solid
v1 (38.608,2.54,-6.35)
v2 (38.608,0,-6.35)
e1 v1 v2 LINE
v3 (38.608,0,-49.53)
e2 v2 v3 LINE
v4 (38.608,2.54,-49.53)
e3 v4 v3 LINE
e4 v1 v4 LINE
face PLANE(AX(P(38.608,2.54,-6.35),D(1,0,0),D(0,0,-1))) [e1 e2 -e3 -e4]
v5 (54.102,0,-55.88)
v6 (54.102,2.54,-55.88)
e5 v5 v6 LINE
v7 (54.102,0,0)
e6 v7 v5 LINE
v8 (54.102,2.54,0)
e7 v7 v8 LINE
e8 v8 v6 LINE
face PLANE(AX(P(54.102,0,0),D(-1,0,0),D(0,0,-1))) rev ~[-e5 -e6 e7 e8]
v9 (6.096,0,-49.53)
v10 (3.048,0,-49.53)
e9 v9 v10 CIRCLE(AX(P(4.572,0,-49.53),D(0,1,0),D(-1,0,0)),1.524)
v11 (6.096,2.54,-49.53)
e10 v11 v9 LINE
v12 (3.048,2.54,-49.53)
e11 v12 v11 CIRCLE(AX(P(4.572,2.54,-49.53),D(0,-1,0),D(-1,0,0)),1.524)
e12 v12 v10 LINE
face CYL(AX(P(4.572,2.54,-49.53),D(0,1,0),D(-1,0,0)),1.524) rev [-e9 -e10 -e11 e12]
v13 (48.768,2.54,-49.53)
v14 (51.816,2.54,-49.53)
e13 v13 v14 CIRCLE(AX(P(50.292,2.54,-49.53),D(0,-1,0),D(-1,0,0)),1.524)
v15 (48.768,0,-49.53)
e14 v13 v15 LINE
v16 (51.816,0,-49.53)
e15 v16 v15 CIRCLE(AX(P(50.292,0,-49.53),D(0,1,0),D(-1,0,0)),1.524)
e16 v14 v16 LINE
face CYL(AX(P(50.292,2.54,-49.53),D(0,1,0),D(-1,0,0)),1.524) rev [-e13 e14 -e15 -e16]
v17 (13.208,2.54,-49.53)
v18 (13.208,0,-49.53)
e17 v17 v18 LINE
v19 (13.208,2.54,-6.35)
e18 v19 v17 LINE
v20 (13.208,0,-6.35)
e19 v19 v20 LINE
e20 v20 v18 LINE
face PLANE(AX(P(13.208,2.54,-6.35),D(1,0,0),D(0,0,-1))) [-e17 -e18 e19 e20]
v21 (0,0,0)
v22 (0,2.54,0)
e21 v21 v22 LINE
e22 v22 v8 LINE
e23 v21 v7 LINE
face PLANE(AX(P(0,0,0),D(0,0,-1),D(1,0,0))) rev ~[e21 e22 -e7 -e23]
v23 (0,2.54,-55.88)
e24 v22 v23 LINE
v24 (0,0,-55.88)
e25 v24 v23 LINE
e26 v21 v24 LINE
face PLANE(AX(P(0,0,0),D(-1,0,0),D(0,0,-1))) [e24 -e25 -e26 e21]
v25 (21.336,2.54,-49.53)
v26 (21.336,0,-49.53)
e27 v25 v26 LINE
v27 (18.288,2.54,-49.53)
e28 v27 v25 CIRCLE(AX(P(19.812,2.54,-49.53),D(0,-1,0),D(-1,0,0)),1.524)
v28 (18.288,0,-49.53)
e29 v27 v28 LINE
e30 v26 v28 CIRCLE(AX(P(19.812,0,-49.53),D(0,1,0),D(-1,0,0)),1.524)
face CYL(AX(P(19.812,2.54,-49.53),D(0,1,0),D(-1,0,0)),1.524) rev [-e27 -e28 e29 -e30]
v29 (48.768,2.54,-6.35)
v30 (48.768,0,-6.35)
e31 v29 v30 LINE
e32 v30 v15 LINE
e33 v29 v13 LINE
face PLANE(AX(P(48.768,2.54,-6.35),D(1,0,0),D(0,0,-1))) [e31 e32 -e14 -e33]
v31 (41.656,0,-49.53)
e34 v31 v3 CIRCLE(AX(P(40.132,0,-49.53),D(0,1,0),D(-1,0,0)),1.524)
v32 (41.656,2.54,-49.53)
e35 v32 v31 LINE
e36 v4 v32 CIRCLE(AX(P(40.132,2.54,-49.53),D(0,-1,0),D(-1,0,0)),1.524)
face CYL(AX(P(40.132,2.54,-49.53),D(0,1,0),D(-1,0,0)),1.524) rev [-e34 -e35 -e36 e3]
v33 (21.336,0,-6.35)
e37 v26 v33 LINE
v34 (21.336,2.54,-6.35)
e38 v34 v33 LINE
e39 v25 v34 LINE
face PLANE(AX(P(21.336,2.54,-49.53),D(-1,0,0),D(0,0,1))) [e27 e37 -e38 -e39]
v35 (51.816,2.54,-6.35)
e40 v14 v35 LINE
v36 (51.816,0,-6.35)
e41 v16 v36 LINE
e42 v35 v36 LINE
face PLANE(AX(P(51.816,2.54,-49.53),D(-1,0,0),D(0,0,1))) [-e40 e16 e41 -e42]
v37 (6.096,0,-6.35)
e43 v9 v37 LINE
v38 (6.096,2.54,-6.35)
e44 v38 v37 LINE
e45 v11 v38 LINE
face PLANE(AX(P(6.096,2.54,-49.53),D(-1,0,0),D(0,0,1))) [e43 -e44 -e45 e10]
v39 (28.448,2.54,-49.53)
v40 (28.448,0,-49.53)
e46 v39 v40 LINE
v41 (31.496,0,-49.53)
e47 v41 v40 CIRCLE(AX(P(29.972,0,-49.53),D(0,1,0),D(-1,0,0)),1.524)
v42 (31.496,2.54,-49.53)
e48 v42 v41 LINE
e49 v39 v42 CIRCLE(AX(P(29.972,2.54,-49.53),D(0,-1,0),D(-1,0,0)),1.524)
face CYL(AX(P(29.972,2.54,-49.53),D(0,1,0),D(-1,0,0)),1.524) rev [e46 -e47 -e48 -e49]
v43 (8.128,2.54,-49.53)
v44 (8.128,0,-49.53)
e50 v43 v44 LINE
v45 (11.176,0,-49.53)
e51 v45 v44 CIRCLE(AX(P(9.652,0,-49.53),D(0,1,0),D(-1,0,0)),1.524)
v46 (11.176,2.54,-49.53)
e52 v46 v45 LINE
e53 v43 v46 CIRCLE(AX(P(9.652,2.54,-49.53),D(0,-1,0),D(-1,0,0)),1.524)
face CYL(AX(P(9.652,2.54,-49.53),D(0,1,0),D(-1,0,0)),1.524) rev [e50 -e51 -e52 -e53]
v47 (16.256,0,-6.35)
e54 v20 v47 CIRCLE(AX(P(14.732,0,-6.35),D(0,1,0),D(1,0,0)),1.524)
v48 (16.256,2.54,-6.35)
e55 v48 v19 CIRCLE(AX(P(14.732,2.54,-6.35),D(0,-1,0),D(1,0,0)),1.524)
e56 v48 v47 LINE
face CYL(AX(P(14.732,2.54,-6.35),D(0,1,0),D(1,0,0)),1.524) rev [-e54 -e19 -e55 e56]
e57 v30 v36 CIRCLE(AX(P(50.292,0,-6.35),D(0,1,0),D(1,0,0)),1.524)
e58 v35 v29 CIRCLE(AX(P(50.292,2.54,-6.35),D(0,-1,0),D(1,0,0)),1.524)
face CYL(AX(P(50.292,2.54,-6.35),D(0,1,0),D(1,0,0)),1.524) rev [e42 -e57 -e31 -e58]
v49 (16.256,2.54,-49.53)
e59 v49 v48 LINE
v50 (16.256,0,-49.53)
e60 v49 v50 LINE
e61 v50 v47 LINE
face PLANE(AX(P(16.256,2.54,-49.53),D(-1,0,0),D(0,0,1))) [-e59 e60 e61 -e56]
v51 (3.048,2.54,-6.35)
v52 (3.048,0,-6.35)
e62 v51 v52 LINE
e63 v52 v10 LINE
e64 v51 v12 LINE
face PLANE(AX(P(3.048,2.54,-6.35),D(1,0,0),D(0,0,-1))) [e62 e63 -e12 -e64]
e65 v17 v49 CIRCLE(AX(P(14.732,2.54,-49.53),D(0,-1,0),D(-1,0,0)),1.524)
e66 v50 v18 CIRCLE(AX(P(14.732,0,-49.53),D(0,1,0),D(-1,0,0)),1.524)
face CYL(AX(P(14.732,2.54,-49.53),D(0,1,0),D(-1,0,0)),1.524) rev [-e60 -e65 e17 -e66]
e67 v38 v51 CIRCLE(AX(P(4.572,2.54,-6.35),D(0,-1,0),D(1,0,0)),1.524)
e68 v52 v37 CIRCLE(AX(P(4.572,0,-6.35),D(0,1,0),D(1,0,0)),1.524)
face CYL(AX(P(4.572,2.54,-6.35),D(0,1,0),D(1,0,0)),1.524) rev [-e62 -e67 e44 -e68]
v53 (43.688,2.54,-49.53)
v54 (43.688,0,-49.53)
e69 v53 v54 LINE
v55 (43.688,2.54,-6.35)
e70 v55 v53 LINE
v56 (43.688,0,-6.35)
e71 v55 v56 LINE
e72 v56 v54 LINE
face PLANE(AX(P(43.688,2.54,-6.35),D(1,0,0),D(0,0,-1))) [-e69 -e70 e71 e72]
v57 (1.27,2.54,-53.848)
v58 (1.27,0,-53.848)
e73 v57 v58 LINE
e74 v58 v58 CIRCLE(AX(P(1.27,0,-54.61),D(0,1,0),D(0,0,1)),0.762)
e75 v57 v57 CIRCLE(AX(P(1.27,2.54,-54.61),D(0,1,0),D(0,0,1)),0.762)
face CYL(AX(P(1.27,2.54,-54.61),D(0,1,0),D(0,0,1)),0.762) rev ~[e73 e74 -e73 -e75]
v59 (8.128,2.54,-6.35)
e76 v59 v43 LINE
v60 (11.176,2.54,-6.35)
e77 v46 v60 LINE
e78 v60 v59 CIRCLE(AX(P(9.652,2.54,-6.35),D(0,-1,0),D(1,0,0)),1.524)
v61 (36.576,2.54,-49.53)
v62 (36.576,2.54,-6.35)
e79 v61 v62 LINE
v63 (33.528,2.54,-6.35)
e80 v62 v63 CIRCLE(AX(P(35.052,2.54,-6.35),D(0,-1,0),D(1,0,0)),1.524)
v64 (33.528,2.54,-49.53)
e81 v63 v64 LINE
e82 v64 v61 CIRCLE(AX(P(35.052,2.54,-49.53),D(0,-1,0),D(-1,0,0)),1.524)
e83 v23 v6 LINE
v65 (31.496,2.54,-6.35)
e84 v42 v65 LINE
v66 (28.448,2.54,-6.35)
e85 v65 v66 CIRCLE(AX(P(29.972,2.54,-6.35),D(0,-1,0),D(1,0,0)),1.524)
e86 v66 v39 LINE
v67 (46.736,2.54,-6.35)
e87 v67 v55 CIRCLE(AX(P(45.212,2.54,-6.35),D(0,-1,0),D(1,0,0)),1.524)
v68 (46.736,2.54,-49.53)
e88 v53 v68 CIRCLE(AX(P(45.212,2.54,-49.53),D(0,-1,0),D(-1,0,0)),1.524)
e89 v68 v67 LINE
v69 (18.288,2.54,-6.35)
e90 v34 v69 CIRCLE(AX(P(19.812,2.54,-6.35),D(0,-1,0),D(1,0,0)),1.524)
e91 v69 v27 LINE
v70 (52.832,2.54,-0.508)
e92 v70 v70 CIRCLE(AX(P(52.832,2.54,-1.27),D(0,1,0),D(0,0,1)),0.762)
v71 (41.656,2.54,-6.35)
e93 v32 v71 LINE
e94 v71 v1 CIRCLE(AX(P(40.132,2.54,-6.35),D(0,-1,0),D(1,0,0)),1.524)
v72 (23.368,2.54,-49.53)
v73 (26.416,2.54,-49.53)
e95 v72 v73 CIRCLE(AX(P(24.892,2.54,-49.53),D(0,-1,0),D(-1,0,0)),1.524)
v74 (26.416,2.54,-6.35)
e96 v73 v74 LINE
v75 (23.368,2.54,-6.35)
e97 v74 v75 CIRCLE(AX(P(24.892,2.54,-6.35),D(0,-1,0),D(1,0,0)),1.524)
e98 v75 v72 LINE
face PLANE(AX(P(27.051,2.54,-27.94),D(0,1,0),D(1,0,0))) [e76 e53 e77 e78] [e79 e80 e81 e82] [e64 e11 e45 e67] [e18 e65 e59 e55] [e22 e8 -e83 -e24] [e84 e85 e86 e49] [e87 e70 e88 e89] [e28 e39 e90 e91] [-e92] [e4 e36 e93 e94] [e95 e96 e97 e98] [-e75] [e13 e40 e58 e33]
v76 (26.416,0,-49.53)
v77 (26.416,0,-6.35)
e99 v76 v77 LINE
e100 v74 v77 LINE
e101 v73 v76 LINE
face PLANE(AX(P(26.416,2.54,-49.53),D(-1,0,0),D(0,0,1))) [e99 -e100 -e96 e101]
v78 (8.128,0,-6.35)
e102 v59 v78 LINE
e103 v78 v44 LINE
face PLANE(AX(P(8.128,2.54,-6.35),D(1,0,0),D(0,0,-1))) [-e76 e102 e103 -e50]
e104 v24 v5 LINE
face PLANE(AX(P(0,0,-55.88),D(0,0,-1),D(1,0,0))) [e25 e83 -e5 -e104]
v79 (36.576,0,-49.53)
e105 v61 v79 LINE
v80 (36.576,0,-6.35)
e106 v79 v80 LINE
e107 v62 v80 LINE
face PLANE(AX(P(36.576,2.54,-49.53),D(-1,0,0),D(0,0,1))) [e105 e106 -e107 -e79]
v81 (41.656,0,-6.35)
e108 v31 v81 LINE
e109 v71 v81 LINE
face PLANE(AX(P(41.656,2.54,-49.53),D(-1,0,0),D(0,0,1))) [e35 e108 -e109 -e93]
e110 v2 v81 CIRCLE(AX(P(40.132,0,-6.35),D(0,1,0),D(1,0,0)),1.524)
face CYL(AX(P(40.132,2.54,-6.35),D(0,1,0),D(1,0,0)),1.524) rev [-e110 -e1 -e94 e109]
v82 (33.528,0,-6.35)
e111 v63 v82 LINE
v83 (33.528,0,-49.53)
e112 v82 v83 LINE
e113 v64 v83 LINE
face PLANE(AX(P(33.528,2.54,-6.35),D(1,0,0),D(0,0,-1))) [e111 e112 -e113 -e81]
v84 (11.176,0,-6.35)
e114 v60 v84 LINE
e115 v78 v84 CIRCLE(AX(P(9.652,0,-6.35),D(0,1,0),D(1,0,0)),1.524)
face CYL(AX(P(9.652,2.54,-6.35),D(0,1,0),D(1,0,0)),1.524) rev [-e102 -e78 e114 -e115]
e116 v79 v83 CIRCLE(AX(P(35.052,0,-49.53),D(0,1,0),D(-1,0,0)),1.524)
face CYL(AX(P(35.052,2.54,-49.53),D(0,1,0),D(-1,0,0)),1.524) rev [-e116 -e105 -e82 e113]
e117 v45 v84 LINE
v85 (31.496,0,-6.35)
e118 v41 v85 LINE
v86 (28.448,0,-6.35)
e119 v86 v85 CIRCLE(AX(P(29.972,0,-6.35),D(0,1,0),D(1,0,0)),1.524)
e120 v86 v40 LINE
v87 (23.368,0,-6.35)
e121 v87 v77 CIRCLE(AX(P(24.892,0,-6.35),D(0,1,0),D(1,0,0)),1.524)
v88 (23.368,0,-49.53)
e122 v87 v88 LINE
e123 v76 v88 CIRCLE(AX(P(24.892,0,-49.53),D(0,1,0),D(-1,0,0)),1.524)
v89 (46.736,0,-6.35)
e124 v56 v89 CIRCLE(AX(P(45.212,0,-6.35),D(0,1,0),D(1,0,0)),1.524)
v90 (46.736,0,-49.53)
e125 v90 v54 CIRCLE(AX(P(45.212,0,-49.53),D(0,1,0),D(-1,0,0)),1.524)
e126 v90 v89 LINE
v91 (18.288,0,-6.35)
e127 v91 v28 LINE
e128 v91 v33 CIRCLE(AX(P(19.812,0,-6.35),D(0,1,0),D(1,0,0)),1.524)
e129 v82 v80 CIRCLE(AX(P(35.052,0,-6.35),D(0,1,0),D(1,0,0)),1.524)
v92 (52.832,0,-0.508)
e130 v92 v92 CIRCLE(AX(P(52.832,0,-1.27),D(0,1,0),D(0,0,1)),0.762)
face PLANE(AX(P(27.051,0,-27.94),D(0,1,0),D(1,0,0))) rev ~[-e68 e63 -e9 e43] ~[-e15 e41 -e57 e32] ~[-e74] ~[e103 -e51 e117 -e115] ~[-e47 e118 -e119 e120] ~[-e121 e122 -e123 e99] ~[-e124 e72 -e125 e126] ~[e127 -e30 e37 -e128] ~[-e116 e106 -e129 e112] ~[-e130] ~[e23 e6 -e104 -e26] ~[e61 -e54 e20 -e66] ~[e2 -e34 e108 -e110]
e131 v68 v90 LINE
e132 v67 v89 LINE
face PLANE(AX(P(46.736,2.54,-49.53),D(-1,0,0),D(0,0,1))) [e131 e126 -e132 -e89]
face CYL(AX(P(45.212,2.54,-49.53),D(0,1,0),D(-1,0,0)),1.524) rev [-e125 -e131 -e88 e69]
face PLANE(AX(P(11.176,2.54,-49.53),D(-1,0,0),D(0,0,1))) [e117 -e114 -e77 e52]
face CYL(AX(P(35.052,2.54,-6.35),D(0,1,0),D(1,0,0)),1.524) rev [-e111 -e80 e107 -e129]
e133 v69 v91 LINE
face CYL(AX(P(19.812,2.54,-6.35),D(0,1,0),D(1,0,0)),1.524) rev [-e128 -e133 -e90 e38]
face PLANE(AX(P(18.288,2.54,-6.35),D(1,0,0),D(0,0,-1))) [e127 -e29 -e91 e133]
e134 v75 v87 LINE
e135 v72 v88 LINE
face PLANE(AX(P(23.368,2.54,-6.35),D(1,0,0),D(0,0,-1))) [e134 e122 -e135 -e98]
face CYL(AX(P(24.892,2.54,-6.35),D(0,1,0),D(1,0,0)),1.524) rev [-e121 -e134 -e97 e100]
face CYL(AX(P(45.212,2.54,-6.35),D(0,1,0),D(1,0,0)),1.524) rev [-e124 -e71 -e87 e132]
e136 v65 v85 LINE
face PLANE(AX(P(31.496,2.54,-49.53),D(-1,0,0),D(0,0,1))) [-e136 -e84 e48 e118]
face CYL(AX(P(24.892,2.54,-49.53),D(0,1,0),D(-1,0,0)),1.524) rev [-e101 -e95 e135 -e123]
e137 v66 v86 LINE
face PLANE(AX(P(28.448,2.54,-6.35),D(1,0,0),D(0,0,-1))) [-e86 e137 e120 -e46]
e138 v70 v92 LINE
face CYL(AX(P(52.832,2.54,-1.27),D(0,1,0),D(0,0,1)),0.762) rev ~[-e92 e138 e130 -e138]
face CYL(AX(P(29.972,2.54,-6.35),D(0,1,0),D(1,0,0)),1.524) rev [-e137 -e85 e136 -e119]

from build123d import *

# Parameters (mm, degrees)
SKETCH1_W           = 54.102
SKETCH1_H           = 55.88
BOSS_EXTRUDE1_DEPTH = 2.54
SKETCH2_R           = 0.762
CUT_EXTRUDE1_DEPTH  = 49.276


with BuildPart() as part:
    # Sketch1 → Boss-Extrude1 (new body)
    with BuildSketch(Plane(origin=(0, 0, 0), x_dir=(1, 0, 0), z_dir=(0, 1, 0))):
        with Locations((27.051, 27.94)):
            Rectangle(SKETCH1_W, SKETCH1_H)
    extrude(amount=BOSS_EXTRUDE1_DEPTH)

    # Sketch2 → Cut-Extrude1 (cut)
    with BuildSketch(Plane(origin=(0, 2.54, 0), x_dir=(1, 0, 0), z_dir=(0, 1, 0))):
        with Locations(Location((1.27, 54.61, 0), (0, 0, 270))):
            Circle(SKETCH2_R)
        with Locations(Location((52.832, 1.27, 0), (0, 0, 270))):
            Circle(SKETCH2_R)
        with BuildLine():
            Line((6.096, 49.53), (6.096, 6.35))
            ThreePointArc((6.096, 6.35), (4.572, 4.826), (3.048, 6.35))
            Line((3.048, 6.35), (3.048, 49.53))
            ThreePointArc((3.048, 49.53), (4.572, 51.054), (6.096, 49.53))
        make_face()
        with BuildLine():
            Line((11.176, 49.53), (11.176, 6.35))
            ThreePointArc((11.176, 6.35), (9.652, 4.826), (8.128, 6.35))
            Line((8.128, 6.35), (8.128, 49.53))
            ThreePointArc((8.128, 49.53), (9.652, 51.054), (11.176, 49.53))
        make_face()
        with BuildLine():
            Line((16.256, 49.53), (16.256, 6.35))
            ThreePointArc((16.256, 6.35), (14.732, 4.826), (13.208, 6.35))
            Line((13.208, 6.35), (13.208, 49.53))
            ThreePointArc((13.208, 49.53), (14.732, 51.054), (16.256, 49.53))
        make_face()
        with BuildLine():
            Line((21.336, 49.53), (21.336, 6.35))
            ThreePointArc((21.336, 6.35), (19.812, 4.826), (18.288, 6.35))
            Line((18.288, 6.35), (18.288, 49.53))
            ThreePointArc((18.288, 49.53), (19.812, 51.054), (21.336, 49.53))
        make_face()
        with BuildLine():
            Line((26.416, 49.53), (26.416, 6.35))
            ThreePointArc((26.416, 6.35), (24.892, 4.826), (23.368, 6.35))
            Line((23.368, 6.35), (23.368, 49.53))
            ThreePointArc((23.368, 49.53), (24.892, 51.054), (26.416, 49.53))
        make_face()
        with BuildLine():
            Line((31.496, 49.53), (31.496, 6.35))
            ThreePointArc((31.496, 6.35), (29.972, 4.826), (28.448, 6.35))
            Line((28.448, 6.35), (28.448, 49.53))
            ThreePointArc((28.448, 49.53), (29.972, 51.054), (31.496, 49.53))
        make_face()
        with BuildLine():
            Line((36.576, 49.53), (36.576, 6.35))
            ThreePointArc((36.576, 6.35), (35.052, 4.826), (33.528, 6.35))
            Line((33.528, 6.35), (33.528, 49.53))
            ThreePointArc((33.528, 49.53), (35.052, 51.054), (36.576, 49.53))
        make_face()
        with BuildLine():
            Line((41.656, 49.53), (41.656, 6.35))
            ThreePointArc((41.656, 6.35), (40.132, 4.826), (38.608, 6.35))
            Line((38.608, 6.35), (38.608, 49.53))
            ThreePointArc((38.608, 49.53), (40.132, 51.054), (41.656, 49.53))
        make_face()
        with BuildLine():
            Line((46.736, 49.53), (46.736, 6.35))
            ThreePointArc((46.736, 6.35), (45.212, 4.826), (43.688, 6.35))
            Line((43.688, 6.35), (43.688, 49.53))
            ThreePointArc((43.688, 49.53), (45.212, 51.054), (46.736, 49.53))
        make_face()
        with BuildLine():
            Line((51.816, 49.53), (51.816, 6.35))
            ThreePointArc((51.816, 6.35), (50.292, 4.826), (48.768, 6.35))
            Line((48.768, 6.35), (48.768, 49.53))
            ThreePointArc((48.768, 49.53), (50.292, 51.054), (51.816, 49.53))
        make_face()
    extrude(amount=-CUT_EXTRUDE1_DEPTH, mode=Mode.SUBTRACT)


solid = part.part
